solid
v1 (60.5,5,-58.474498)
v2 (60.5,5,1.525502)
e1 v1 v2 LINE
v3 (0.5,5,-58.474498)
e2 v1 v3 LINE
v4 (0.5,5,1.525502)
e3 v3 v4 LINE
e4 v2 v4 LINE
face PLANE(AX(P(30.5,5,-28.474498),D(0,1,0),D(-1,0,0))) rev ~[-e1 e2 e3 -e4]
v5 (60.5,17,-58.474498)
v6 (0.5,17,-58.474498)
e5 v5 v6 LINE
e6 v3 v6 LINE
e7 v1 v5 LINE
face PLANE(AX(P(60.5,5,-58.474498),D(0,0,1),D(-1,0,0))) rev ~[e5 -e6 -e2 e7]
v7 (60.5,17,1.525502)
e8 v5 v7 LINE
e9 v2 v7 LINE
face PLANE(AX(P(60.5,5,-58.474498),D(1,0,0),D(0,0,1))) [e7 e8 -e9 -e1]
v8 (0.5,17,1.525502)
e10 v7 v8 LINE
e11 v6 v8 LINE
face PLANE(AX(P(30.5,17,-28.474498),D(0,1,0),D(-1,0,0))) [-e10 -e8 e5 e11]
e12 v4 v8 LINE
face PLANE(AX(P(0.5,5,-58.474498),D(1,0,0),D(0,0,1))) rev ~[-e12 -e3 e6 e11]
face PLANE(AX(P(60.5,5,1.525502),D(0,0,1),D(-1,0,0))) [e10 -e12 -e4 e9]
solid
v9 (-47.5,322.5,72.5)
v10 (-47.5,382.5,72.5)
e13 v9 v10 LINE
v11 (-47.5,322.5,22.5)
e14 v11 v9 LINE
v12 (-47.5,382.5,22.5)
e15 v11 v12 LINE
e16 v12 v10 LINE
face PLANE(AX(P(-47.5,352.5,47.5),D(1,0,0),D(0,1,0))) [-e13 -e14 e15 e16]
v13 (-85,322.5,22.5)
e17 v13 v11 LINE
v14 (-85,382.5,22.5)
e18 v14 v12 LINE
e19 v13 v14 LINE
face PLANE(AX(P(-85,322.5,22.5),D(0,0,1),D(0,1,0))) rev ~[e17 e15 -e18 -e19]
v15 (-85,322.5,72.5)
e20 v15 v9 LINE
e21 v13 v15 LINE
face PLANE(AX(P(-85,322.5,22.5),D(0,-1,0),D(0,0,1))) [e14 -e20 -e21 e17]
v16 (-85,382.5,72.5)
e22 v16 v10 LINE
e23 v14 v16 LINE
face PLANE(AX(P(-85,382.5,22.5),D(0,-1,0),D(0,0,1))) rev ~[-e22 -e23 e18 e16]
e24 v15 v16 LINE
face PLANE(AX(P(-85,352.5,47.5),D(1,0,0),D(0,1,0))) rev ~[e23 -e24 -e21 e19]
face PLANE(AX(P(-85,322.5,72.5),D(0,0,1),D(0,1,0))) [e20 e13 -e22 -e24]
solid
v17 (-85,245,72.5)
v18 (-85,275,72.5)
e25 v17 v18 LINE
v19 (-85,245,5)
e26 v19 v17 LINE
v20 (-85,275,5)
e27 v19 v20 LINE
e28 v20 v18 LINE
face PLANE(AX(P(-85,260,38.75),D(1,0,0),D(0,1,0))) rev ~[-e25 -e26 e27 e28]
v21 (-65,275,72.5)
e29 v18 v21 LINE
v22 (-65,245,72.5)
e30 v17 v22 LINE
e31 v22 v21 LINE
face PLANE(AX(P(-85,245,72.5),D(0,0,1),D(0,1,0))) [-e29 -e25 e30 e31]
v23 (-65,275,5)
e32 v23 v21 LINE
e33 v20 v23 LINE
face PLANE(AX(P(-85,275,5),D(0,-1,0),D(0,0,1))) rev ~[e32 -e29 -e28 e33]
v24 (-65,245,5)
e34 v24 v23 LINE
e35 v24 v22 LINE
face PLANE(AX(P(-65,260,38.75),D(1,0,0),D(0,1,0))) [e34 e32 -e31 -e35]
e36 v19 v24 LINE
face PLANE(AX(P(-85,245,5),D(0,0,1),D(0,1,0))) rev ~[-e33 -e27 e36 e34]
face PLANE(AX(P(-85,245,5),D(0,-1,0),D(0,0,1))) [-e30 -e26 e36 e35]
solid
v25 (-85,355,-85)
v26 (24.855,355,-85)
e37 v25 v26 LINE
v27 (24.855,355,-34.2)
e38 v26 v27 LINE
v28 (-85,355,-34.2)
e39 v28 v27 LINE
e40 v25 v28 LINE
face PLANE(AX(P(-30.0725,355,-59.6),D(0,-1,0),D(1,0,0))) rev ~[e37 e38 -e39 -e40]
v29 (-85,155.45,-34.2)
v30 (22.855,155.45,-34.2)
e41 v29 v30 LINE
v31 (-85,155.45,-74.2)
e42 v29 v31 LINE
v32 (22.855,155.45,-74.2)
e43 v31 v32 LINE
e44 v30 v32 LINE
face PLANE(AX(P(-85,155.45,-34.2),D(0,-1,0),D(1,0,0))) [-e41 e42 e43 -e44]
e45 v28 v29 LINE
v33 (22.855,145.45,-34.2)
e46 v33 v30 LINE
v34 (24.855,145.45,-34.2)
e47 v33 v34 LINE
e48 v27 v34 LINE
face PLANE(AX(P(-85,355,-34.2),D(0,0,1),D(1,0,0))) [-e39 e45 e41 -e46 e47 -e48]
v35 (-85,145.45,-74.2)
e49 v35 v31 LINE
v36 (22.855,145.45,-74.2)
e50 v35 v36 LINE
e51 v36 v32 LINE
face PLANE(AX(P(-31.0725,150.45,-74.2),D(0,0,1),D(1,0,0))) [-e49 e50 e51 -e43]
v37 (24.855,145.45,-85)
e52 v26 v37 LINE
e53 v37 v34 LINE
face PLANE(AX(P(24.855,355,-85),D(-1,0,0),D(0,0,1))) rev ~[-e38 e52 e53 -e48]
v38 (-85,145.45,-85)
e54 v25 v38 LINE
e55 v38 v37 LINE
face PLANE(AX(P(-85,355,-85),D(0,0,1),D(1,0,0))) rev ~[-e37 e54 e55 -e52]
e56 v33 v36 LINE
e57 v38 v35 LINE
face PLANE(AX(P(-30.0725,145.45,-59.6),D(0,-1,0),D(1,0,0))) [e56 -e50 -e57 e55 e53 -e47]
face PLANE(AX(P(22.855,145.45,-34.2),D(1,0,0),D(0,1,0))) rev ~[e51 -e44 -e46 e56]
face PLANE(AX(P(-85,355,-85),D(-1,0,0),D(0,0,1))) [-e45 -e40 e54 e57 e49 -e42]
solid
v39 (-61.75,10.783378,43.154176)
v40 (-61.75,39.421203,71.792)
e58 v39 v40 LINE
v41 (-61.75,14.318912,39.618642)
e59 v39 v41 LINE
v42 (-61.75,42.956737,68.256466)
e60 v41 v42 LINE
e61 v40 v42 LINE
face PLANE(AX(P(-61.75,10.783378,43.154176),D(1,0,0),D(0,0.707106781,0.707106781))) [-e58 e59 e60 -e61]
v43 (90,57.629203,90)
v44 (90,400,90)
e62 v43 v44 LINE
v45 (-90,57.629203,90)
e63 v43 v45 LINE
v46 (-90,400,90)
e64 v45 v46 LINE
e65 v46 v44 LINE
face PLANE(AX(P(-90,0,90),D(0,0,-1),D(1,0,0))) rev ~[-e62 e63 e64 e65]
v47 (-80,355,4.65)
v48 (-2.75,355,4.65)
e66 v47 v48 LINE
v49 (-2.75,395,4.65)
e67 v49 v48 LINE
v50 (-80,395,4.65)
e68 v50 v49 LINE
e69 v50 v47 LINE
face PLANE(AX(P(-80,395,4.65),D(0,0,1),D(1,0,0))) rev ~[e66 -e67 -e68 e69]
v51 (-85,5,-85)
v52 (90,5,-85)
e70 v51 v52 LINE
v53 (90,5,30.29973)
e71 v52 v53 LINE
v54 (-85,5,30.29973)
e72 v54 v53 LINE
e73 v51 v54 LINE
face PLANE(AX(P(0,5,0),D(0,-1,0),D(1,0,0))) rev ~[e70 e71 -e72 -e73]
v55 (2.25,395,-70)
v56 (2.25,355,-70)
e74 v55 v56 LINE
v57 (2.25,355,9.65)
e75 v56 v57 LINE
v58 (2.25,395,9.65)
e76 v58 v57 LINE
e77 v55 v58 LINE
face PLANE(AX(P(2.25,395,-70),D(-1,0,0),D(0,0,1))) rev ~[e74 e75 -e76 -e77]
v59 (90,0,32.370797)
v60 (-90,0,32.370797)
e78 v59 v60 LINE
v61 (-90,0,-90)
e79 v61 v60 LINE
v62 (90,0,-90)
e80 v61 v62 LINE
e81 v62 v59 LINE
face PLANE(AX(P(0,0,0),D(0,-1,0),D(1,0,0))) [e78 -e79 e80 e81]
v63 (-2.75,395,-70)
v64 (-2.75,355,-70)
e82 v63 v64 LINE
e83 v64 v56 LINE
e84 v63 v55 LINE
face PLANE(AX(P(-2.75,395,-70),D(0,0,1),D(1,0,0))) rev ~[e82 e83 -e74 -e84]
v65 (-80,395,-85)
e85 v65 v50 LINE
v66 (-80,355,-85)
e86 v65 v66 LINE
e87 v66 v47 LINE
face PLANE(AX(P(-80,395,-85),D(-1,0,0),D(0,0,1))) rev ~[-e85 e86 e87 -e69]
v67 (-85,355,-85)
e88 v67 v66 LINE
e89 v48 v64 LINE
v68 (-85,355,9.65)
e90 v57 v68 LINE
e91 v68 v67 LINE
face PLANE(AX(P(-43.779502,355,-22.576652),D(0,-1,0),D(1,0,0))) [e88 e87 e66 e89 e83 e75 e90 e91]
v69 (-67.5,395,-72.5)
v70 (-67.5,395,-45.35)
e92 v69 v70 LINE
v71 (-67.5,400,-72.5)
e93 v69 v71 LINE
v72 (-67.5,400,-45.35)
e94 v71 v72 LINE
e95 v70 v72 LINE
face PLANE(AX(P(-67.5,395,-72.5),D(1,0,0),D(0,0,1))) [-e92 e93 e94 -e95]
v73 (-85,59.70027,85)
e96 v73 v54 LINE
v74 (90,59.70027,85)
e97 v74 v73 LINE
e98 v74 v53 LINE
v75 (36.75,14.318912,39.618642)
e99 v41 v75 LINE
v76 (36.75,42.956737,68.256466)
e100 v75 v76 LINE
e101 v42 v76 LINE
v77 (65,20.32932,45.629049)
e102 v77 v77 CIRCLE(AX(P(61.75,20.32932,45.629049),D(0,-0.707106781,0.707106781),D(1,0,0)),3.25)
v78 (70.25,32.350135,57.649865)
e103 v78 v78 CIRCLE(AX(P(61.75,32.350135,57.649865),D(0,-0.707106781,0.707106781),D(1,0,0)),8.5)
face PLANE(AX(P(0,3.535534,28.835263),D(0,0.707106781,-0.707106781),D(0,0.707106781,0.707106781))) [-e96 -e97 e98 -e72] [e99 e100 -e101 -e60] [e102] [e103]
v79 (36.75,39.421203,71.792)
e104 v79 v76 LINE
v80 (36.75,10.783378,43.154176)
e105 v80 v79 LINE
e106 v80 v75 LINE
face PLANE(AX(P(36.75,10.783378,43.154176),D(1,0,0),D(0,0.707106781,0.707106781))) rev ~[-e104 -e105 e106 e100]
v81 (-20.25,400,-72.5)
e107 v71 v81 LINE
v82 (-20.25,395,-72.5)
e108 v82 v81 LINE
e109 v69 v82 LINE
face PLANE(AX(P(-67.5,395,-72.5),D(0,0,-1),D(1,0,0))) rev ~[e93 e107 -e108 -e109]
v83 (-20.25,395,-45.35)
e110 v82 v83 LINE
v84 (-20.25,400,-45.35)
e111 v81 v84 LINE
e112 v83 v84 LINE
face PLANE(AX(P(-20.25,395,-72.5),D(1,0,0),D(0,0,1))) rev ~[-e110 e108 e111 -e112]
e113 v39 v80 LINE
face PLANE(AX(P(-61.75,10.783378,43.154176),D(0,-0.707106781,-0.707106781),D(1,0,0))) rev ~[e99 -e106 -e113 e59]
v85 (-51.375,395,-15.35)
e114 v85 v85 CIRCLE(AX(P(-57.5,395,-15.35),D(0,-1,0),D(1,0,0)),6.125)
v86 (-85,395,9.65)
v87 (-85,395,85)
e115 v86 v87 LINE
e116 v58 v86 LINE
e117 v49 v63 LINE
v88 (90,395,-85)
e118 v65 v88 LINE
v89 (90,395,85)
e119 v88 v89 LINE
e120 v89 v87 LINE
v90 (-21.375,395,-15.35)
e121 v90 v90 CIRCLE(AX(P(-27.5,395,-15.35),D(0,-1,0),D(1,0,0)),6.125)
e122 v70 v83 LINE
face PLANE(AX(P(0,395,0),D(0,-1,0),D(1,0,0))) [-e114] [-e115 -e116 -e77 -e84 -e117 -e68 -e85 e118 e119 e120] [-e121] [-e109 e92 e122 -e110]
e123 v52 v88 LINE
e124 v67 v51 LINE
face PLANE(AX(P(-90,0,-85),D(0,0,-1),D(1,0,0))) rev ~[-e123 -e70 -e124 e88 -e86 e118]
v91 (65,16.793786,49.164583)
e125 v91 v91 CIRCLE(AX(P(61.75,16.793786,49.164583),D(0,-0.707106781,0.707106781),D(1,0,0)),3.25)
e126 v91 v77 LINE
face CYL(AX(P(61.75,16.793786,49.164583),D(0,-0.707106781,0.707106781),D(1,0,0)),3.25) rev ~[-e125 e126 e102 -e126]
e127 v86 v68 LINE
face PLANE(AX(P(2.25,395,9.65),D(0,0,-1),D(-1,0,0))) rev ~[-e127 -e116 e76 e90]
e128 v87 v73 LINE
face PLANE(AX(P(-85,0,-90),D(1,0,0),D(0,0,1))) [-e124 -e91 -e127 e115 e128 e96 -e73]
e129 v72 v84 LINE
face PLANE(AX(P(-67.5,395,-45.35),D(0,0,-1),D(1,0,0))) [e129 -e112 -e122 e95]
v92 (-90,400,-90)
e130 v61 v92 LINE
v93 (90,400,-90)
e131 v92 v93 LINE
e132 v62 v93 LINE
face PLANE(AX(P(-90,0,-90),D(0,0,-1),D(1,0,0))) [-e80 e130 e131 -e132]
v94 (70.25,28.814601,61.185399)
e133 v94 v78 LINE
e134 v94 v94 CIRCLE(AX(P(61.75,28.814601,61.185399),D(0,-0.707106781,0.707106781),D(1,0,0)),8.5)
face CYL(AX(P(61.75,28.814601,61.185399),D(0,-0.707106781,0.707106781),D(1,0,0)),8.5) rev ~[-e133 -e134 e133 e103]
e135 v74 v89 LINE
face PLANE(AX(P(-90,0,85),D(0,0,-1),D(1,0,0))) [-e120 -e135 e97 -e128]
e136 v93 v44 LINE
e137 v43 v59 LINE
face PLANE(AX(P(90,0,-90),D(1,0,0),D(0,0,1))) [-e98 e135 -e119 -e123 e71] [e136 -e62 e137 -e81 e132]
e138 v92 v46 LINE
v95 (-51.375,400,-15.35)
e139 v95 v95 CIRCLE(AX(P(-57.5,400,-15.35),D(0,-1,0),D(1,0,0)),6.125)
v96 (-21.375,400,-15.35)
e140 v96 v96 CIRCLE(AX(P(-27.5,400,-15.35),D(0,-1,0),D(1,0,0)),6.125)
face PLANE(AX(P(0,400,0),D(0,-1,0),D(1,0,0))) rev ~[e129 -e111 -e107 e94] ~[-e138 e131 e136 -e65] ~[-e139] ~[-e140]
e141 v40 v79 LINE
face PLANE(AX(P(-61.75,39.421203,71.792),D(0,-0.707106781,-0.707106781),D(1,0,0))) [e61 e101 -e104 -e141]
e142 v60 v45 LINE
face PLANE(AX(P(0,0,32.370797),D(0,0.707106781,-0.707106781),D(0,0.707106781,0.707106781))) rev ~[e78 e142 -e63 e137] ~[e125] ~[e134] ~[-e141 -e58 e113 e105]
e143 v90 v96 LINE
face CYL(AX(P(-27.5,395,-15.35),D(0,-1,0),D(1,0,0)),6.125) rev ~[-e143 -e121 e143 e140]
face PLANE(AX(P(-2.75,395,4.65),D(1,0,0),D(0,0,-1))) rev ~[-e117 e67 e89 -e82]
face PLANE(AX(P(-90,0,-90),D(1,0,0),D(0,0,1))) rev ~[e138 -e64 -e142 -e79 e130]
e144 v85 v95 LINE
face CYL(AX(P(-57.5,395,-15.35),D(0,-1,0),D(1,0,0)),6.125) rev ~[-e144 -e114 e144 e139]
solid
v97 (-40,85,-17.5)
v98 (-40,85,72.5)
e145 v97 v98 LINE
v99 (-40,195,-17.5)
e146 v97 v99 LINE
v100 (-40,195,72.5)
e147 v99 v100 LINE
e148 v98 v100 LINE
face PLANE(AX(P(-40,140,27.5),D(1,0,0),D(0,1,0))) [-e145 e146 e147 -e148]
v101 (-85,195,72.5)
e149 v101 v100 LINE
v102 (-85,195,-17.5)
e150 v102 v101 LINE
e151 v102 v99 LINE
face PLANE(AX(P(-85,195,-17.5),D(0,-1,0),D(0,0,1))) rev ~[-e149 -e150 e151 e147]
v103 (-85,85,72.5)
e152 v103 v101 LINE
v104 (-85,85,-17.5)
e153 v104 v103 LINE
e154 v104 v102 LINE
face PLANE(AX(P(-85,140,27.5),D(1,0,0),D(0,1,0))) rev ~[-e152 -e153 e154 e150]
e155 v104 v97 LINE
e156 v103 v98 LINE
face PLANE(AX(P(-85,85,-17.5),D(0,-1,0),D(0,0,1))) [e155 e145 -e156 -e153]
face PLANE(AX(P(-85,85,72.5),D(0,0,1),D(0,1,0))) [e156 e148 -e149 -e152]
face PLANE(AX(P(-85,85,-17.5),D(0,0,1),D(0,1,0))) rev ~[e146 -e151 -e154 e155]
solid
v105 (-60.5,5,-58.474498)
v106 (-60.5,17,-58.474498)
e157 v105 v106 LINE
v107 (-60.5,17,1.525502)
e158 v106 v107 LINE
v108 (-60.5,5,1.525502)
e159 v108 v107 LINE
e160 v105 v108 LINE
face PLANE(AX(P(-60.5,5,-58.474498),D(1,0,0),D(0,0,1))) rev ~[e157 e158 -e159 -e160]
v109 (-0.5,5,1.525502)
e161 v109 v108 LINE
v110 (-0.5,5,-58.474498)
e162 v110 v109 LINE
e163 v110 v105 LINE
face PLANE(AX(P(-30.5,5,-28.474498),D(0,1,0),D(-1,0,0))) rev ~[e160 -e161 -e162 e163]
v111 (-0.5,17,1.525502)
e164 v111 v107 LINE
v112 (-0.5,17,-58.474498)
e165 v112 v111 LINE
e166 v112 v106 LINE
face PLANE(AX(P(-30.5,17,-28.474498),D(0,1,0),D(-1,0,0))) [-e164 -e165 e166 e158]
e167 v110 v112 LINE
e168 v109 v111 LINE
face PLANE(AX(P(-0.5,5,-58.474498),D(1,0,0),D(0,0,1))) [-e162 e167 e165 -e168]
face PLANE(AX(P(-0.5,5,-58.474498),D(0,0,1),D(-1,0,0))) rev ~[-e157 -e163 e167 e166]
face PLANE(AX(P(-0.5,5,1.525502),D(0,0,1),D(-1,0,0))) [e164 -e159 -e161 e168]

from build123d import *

# Parameters (mm, degrees)
F0_W          = 180
F0_H          = 180
F1_DEPTH      = 400
F3_DEPTH      = 90.001
F3_DEPTH_BACK = 90.001
F4_T          = -5
F5_W          = 98.5
F5_H          = 40.5
F5_R          = 8.5
F5_R_2        = 3.25
F6_DEPTH      = 5
F7_W          = 60
F7_H          = 60
F8_DEPTH      = 12
F9_W          = 47.25
F9_H          = 27.15
F9_R          = 6.125
F10_DEPTH     = 5.001
F12_DEPTH     = 40
F13_W         = 109.855
F13_H         = 50.8
F14_DEPTH     = 209.55
F15_W         = 107.855
F15_H         = 10
F16_DEPTH     = 40
F17_W         = 60
F17_H         = 50
F18_DEPTH     = 37.5
F19_W         = 30
F19_H         = 67.5
F20_DEPTH     = 20
F21_W         = 110
F21_H         = 90
F22_DEPTH     = 45


with BuildPart() as f1:
    # F0 (on Front) → F1 (new body)
    with BuildSketch(Plane.XZ):
        Rectangle(F0_W, F0_H)
    extrude(amount=-F1_DEPTH)

    # F2 (on Right) → F3 (cut, two sides)
    with BuildSketch(Plane.YZ) as f3_sk:
        Polygon((57.6292026667, 90), (0, 90), (0, 32.3707973333), align=None)
    extrude(amount=-F3_DEPTH, mode=Mode.SUBTRACT)
    extrude(f3_sk.sketch, amount=F3_DEPTH_BACK, mode=Mode.SUBTRACT)

    # F4
    f4_openings = [f1.faces().sort_by_distance(p)[0] for p in [
        (90, 204.268068, -1.671206),
    ]]
    offset(amount=F4_T, openings=f4_openings)

    # F5 (on face) → F6 (cut, through all)
    with BuildSketch(Plane(origin=(0, -16.1853986666, 16.1853986666), x_dir=(1, 0, 0), z_dir=(0, -0.7071067812, 0.7071067812))):
        with Locations((-12.5, 58.3896103068)):
            Rectangle(F5_W, F5_H)
        with Locations((61.75, 63.6396103068)):
            Circle(F5_R)
        with Locations((61.75, 46.6396103068)):
            Circle(F5_R_2)
    extrude(amount=-F6_DEPTH, mode=Mode.SUBTRACT)

    # F9 (on face) → F10 (cut, through all)
    with BuildSketch(Plane.XZ.offset(-395)):
        with Locations((-43.875, -58.925)):
            Rectangle(F9_W, F9_H)
        with Locations((-57.5, -15.35)):
            Circle(F9_R)
        with Locations((-27.5, -15.35)):
            Circle(F9_R)
    extrude(amount=-F10_DEPTH, mode=Mode.SUBTRACT)

    # F11 (on face) → F12 (join)
    with BuildSketch(Plane.XZ.offset(-395)):
        Polygon((-80, -85), (-80, 4.65), (-2.75, 4.65), (-2.75, -70), (2.25, -70), (2.25, 9.65), (-85, 9.65), (-85, -85), align=None)
    extrude(amount=F12_DEPTH)


with BuildPart() as f8:
    # F7 (on face) → F8 (new body)
    with BuildSketch(Plane(origin=(0, 5, 0), x_dir=(-1, 0, 0), z_dir=(0, 1, 0))):
        with Locations((-30.5, -28.4744981494)):
            Rectangle(F7_W, F7_H)
    extrude(amount=F8_DEPTH)


with BuildPart() as f8b:
    # F7 (on face) → F8, piece 2 (new body)
    with BuildSketch(Plane(origin=(0, 5, 0), x_dir=(-1, 0, 0), z_dir=(0, 1, 0))):
        with Locations((30.5, -28.4744981494)):
            Rectangle(F7_W, F7_H)
    extrude(amount=F8_DEPTH)


with BuildPart() as f14:
    # F13 (on face) → F14 (new body)
    with BuildSketch(Plane.XZ.offset(-355)):
        with Locations((-30.0725, -59.6)):
            Rectangle(F13_W, F13_H)
    extrude(amount=F14_DEPTH)

    # F15 (on face) → F16 (cut)
    with BuildSketch(Plane.XY.offset(-34.2)):
        with Locations((-31.0725, 150.45)):
            Rectangle(F15_W, F15_H)
    extrude(amount=-F16_DEPTH, mode=Mode.SUBTRACT)


with BuildPart() as f18:
    # F17 (on face) → F18 (new body)
    with BuildSketch(Plane.YZ.offset(-85)):
        with Locations((352.5, 47.5)):
            Rectangle(F17_W, F17_H)
    extrude(amount=F18_DEPTH)


with BuildPart() as f20:
    # F19 (on face) → F20 (new body)
    with BuildSketch(Plane.YZ.offset(-85)):
        with Locations((260, 38.75)):
            Rectangle(F19_W, F19_H)
    extrude(amount=F20_DEPTH)


with BuildPart() as f22:
    # F21 (on face) → F22 (new body)
    with BuildSketch(Plane.YZ.offset(-85)):
        with Locations((140, 27.5)):
            Rectangle(F21_W, F21_H)
    extrude(amount=F22_DEPTH)


solid = Compound([f1.part, f8.part, f8b.part, f14.part, f18.part, f20.part, f22.part])
